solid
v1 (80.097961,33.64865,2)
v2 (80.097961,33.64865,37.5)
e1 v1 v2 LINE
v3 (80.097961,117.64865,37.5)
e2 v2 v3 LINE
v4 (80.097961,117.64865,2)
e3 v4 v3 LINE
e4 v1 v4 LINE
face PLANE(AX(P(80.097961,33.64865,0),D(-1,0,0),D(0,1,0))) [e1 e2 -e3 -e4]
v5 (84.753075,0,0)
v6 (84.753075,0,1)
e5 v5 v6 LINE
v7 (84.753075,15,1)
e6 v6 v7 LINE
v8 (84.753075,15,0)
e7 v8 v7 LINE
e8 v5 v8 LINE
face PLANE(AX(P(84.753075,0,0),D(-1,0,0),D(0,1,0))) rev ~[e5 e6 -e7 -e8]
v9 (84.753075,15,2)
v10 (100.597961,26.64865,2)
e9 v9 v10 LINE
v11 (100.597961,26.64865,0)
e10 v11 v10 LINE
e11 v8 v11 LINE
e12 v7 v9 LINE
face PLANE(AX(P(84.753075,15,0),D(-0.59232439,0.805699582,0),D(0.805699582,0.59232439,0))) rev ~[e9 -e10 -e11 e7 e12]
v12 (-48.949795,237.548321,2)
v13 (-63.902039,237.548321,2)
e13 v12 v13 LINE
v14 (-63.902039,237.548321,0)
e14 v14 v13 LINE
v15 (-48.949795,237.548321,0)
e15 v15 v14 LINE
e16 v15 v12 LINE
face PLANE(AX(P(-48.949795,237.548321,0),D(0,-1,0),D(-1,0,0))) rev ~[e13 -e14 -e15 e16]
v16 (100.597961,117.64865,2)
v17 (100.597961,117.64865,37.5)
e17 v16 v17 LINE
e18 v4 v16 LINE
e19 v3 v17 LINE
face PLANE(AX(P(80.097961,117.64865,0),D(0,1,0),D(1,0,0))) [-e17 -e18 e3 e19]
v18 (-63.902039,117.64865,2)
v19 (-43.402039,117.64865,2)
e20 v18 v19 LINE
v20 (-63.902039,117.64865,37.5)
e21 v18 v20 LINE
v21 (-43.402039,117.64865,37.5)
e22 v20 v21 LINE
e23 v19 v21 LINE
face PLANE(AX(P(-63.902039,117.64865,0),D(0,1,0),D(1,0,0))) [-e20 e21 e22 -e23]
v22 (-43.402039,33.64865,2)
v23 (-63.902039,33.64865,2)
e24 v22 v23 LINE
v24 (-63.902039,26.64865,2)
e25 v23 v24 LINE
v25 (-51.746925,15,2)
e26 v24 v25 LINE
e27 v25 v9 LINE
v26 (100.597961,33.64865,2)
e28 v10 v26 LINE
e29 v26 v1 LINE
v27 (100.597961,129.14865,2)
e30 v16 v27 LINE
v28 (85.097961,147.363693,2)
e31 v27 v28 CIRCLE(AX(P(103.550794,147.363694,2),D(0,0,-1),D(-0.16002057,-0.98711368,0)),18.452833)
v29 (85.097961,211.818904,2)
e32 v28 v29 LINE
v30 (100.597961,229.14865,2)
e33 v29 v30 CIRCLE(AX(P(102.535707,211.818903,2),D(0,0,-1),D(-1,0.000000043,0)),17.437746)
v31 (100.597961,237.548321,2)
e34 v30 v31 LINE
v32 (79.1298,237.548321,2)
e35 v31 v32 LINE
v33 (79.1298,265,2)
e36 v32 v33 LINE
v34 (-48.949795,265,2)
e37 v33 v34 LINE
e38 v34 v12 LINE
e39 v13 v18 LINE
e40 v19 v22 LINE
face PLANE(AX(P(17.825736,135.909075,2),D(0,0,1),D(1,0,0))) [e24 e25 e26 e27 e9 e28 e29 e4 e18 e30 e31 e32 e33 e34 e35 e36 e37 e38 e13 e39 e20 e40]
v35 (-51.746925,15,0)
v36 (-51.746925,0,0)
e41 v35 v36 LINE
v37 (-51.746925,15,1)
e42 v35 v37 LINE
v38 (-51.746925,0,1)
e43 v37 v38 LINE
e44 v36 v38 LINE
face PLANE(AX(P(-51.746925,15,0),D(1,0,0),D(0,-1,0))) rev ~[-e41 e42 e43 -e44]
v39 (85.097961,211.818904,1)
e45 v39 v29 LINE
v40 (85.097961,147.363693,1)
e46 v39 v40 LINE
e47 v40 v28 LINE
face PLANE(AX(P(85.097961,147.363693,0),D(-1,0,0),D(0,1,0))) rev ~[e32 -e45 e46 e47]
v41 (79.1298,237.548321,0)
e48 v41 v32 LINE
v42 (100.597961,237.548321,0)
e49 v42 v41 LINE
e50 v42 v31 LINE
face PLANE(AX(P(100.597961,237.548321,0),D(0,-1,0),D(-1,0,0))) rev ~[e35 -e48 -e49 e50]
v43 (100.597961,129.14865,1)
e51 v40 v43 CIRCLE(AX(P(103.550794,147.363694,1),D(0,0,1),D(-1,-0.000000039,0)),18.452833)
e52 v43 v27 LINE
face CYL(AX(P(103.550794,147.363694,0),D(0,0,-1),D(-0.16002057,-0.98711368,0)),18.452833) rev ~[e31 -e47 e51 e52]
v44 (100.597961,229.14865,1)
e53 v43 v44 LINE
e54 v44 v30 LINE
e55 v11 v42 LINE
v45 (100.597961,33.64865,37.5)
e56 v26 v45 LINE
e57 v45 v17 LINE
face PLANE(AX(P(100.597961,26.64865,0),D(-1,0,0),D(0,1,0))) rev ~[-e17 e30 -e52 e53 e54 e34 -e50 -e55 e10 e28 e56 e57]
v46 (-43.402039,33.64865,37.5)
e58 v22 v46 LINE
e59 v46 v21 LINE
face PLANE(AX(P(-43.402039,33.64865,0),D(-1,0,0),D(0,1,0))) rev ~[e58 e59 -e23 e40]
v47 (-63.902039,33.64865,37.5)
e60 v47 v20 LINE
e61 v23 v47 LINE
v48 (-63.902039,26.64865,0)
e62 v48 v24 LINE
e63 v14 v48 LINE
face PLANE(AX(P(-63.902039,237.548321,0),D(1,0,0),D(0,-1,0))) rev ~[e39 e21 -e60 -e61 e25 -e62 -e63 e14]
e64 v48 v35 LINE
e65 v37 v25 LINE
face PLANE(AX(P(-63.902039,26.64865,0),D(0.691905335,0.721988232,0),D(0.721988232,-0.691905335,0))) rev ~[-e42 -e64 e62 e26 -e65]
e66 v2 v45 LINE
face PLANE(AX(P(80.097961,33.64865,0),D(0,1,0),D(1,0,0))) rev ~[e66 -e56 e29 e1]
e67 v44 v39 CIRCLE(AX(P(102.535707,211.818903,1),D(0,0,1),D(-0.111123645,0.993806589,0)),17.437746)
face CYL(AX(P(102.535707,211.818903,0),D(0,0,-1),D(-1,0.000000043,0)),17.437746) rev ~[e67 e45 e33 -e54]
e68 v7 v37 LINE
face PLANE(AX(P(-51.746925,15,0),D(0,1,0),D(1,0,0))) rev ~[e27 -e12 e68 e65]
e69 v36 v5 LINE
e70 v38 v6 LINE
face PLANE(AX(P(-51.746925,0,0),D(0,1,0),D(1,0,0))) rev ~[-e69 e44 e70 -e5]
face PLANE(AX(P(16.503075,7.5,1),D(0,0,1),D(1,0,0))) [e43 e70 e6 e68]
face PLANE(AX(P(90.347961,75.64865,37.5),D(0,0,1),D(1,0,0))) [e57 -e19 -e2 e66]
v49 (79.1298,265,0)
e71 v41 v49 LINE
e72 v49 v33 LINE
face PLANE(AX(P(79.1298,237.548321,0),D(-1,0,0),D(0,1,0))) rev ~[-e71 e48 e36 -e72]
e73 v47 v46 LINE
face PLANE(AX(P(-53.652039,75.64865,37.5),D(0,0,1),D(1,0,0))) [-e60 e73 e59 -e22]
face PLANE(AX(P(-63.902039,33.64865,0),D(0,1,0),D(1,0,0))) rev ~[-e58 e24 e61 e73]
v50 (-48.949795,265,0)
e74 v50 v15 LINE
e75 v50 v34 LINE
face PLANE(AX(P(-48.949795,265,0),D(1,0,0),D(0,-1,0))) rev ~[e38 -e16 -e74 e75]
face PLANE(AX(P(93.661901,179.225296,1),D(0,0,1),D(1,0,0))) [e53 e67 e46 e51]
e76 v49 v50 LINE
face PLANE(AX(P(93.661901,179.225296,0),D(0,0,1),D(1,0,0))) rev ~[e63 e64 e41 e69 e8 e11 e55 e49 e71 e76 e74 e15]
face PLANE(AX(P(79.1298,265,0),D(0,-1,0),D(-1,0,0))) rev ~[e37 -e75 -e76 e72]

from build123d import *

# Parameters (mm, degrees)
F1_DEPTH = 2
F2_DEPTH = 1
F0_W     = 20.5
F0_H     = 84
F3_DEPTH = 37.5


with BuildPart() as f1:
    # F0 (on Top) → F1 (new body)
    with BuildSketch(Plane.XY):
        with BuildLine():
            Line((-51.746925, 15), (84.753075, 15))
            Line((84.753075, 15), (100.597961, 26.64865))
            Line((100.597961, 26.64865), (100.597961, 33.64865))
            Line((100.597961, 33.64865), (80.097961, 33.64865))
            Line((80.097961, 33.64865), (80.097961, 117.64865))
            Line((80.097961, 117.64865), (100.597961, 117.64865))
            Line((100.597961, 117.64865), (100.597961, 129.14865))
            ThreePointArc((100.597961, 129.14865), (89.497411, 135.405037), (85.097961, 147.363693))
            Line((85.097961, 147.363693), (85.097961, 211.818904))
            ThreePointArc((85.097961, 211.818904), (89.538305, 223.443985), (100.597961, 229.14865))
            Line((100.597961, 229.14865), (100.597961, 237.548321))
            Line((100.597961, 237.548321), (79.1298, 237.548321))
            Line((79.1298, 237.548321), (79.1298, 265))
            Line((79.1298, 265), (-48.949795, 265))
            Line((-48.949795, 265), (-48.949795, 237.548321))
            Line((-48.949795, 237.548321), (-63.902039, 237.548321))
            Line((-63.902039, 237.548321), (-63.902039, 180.590159))
            Line((-63.902039, 180.590159), (-63.902039, 117.64865))
            Line((-63.902039, 117.64865), (-43.402039, 117.64865))
            Line((-43.402039, 117.64865), (-43.402039, 33.64865))
            Line((-43.402039, 33.64865), (-63.902039, 33.64865))
            Line((-63.902039, 33.64865), (-63.902039, 26.64865))
            Line((-63.902039, 26.64865), (-51.746925, 15))
        make_face()
    extrude(amount=F1_DEPTH)

    # F0 (on Top) → F2 (join)
    with BuildSketch(Plane.XY):
        with BuildLine():
            ThreePointArc((85.097961, 147.363693), (89.497411, 135.405037), (100.597961, 129.14865))
            Line((100.597961, 129.14865), (100.597961, 229.14865))
            ThreePointArc((100.597961, 229.14865), (89.538305, 223.443985), (85.097961, 211.818904))
            Line((85.097961, 211.818904), (85.097961, 147.363693))
        make_face()
        Polygon((-51.746925, 0), (0, 0), (84.753075, 0), (84.753075, 15), (-51.746925, 15), align=None)
    extrude(amount=F2_DEPTH)

    # F0 (on Top) → F3 (join)
    with BuildSketch(Plane.XY):
        with Locations((90.347961, 75.64865)):
            Rectangle(F0_W, F0_H)
        with Locations((-53.652039, 75.64865)):
            Rectangle(F0_W, F0_H)
    extrude(amount=F3_DEPTH)


solid = f1.part
